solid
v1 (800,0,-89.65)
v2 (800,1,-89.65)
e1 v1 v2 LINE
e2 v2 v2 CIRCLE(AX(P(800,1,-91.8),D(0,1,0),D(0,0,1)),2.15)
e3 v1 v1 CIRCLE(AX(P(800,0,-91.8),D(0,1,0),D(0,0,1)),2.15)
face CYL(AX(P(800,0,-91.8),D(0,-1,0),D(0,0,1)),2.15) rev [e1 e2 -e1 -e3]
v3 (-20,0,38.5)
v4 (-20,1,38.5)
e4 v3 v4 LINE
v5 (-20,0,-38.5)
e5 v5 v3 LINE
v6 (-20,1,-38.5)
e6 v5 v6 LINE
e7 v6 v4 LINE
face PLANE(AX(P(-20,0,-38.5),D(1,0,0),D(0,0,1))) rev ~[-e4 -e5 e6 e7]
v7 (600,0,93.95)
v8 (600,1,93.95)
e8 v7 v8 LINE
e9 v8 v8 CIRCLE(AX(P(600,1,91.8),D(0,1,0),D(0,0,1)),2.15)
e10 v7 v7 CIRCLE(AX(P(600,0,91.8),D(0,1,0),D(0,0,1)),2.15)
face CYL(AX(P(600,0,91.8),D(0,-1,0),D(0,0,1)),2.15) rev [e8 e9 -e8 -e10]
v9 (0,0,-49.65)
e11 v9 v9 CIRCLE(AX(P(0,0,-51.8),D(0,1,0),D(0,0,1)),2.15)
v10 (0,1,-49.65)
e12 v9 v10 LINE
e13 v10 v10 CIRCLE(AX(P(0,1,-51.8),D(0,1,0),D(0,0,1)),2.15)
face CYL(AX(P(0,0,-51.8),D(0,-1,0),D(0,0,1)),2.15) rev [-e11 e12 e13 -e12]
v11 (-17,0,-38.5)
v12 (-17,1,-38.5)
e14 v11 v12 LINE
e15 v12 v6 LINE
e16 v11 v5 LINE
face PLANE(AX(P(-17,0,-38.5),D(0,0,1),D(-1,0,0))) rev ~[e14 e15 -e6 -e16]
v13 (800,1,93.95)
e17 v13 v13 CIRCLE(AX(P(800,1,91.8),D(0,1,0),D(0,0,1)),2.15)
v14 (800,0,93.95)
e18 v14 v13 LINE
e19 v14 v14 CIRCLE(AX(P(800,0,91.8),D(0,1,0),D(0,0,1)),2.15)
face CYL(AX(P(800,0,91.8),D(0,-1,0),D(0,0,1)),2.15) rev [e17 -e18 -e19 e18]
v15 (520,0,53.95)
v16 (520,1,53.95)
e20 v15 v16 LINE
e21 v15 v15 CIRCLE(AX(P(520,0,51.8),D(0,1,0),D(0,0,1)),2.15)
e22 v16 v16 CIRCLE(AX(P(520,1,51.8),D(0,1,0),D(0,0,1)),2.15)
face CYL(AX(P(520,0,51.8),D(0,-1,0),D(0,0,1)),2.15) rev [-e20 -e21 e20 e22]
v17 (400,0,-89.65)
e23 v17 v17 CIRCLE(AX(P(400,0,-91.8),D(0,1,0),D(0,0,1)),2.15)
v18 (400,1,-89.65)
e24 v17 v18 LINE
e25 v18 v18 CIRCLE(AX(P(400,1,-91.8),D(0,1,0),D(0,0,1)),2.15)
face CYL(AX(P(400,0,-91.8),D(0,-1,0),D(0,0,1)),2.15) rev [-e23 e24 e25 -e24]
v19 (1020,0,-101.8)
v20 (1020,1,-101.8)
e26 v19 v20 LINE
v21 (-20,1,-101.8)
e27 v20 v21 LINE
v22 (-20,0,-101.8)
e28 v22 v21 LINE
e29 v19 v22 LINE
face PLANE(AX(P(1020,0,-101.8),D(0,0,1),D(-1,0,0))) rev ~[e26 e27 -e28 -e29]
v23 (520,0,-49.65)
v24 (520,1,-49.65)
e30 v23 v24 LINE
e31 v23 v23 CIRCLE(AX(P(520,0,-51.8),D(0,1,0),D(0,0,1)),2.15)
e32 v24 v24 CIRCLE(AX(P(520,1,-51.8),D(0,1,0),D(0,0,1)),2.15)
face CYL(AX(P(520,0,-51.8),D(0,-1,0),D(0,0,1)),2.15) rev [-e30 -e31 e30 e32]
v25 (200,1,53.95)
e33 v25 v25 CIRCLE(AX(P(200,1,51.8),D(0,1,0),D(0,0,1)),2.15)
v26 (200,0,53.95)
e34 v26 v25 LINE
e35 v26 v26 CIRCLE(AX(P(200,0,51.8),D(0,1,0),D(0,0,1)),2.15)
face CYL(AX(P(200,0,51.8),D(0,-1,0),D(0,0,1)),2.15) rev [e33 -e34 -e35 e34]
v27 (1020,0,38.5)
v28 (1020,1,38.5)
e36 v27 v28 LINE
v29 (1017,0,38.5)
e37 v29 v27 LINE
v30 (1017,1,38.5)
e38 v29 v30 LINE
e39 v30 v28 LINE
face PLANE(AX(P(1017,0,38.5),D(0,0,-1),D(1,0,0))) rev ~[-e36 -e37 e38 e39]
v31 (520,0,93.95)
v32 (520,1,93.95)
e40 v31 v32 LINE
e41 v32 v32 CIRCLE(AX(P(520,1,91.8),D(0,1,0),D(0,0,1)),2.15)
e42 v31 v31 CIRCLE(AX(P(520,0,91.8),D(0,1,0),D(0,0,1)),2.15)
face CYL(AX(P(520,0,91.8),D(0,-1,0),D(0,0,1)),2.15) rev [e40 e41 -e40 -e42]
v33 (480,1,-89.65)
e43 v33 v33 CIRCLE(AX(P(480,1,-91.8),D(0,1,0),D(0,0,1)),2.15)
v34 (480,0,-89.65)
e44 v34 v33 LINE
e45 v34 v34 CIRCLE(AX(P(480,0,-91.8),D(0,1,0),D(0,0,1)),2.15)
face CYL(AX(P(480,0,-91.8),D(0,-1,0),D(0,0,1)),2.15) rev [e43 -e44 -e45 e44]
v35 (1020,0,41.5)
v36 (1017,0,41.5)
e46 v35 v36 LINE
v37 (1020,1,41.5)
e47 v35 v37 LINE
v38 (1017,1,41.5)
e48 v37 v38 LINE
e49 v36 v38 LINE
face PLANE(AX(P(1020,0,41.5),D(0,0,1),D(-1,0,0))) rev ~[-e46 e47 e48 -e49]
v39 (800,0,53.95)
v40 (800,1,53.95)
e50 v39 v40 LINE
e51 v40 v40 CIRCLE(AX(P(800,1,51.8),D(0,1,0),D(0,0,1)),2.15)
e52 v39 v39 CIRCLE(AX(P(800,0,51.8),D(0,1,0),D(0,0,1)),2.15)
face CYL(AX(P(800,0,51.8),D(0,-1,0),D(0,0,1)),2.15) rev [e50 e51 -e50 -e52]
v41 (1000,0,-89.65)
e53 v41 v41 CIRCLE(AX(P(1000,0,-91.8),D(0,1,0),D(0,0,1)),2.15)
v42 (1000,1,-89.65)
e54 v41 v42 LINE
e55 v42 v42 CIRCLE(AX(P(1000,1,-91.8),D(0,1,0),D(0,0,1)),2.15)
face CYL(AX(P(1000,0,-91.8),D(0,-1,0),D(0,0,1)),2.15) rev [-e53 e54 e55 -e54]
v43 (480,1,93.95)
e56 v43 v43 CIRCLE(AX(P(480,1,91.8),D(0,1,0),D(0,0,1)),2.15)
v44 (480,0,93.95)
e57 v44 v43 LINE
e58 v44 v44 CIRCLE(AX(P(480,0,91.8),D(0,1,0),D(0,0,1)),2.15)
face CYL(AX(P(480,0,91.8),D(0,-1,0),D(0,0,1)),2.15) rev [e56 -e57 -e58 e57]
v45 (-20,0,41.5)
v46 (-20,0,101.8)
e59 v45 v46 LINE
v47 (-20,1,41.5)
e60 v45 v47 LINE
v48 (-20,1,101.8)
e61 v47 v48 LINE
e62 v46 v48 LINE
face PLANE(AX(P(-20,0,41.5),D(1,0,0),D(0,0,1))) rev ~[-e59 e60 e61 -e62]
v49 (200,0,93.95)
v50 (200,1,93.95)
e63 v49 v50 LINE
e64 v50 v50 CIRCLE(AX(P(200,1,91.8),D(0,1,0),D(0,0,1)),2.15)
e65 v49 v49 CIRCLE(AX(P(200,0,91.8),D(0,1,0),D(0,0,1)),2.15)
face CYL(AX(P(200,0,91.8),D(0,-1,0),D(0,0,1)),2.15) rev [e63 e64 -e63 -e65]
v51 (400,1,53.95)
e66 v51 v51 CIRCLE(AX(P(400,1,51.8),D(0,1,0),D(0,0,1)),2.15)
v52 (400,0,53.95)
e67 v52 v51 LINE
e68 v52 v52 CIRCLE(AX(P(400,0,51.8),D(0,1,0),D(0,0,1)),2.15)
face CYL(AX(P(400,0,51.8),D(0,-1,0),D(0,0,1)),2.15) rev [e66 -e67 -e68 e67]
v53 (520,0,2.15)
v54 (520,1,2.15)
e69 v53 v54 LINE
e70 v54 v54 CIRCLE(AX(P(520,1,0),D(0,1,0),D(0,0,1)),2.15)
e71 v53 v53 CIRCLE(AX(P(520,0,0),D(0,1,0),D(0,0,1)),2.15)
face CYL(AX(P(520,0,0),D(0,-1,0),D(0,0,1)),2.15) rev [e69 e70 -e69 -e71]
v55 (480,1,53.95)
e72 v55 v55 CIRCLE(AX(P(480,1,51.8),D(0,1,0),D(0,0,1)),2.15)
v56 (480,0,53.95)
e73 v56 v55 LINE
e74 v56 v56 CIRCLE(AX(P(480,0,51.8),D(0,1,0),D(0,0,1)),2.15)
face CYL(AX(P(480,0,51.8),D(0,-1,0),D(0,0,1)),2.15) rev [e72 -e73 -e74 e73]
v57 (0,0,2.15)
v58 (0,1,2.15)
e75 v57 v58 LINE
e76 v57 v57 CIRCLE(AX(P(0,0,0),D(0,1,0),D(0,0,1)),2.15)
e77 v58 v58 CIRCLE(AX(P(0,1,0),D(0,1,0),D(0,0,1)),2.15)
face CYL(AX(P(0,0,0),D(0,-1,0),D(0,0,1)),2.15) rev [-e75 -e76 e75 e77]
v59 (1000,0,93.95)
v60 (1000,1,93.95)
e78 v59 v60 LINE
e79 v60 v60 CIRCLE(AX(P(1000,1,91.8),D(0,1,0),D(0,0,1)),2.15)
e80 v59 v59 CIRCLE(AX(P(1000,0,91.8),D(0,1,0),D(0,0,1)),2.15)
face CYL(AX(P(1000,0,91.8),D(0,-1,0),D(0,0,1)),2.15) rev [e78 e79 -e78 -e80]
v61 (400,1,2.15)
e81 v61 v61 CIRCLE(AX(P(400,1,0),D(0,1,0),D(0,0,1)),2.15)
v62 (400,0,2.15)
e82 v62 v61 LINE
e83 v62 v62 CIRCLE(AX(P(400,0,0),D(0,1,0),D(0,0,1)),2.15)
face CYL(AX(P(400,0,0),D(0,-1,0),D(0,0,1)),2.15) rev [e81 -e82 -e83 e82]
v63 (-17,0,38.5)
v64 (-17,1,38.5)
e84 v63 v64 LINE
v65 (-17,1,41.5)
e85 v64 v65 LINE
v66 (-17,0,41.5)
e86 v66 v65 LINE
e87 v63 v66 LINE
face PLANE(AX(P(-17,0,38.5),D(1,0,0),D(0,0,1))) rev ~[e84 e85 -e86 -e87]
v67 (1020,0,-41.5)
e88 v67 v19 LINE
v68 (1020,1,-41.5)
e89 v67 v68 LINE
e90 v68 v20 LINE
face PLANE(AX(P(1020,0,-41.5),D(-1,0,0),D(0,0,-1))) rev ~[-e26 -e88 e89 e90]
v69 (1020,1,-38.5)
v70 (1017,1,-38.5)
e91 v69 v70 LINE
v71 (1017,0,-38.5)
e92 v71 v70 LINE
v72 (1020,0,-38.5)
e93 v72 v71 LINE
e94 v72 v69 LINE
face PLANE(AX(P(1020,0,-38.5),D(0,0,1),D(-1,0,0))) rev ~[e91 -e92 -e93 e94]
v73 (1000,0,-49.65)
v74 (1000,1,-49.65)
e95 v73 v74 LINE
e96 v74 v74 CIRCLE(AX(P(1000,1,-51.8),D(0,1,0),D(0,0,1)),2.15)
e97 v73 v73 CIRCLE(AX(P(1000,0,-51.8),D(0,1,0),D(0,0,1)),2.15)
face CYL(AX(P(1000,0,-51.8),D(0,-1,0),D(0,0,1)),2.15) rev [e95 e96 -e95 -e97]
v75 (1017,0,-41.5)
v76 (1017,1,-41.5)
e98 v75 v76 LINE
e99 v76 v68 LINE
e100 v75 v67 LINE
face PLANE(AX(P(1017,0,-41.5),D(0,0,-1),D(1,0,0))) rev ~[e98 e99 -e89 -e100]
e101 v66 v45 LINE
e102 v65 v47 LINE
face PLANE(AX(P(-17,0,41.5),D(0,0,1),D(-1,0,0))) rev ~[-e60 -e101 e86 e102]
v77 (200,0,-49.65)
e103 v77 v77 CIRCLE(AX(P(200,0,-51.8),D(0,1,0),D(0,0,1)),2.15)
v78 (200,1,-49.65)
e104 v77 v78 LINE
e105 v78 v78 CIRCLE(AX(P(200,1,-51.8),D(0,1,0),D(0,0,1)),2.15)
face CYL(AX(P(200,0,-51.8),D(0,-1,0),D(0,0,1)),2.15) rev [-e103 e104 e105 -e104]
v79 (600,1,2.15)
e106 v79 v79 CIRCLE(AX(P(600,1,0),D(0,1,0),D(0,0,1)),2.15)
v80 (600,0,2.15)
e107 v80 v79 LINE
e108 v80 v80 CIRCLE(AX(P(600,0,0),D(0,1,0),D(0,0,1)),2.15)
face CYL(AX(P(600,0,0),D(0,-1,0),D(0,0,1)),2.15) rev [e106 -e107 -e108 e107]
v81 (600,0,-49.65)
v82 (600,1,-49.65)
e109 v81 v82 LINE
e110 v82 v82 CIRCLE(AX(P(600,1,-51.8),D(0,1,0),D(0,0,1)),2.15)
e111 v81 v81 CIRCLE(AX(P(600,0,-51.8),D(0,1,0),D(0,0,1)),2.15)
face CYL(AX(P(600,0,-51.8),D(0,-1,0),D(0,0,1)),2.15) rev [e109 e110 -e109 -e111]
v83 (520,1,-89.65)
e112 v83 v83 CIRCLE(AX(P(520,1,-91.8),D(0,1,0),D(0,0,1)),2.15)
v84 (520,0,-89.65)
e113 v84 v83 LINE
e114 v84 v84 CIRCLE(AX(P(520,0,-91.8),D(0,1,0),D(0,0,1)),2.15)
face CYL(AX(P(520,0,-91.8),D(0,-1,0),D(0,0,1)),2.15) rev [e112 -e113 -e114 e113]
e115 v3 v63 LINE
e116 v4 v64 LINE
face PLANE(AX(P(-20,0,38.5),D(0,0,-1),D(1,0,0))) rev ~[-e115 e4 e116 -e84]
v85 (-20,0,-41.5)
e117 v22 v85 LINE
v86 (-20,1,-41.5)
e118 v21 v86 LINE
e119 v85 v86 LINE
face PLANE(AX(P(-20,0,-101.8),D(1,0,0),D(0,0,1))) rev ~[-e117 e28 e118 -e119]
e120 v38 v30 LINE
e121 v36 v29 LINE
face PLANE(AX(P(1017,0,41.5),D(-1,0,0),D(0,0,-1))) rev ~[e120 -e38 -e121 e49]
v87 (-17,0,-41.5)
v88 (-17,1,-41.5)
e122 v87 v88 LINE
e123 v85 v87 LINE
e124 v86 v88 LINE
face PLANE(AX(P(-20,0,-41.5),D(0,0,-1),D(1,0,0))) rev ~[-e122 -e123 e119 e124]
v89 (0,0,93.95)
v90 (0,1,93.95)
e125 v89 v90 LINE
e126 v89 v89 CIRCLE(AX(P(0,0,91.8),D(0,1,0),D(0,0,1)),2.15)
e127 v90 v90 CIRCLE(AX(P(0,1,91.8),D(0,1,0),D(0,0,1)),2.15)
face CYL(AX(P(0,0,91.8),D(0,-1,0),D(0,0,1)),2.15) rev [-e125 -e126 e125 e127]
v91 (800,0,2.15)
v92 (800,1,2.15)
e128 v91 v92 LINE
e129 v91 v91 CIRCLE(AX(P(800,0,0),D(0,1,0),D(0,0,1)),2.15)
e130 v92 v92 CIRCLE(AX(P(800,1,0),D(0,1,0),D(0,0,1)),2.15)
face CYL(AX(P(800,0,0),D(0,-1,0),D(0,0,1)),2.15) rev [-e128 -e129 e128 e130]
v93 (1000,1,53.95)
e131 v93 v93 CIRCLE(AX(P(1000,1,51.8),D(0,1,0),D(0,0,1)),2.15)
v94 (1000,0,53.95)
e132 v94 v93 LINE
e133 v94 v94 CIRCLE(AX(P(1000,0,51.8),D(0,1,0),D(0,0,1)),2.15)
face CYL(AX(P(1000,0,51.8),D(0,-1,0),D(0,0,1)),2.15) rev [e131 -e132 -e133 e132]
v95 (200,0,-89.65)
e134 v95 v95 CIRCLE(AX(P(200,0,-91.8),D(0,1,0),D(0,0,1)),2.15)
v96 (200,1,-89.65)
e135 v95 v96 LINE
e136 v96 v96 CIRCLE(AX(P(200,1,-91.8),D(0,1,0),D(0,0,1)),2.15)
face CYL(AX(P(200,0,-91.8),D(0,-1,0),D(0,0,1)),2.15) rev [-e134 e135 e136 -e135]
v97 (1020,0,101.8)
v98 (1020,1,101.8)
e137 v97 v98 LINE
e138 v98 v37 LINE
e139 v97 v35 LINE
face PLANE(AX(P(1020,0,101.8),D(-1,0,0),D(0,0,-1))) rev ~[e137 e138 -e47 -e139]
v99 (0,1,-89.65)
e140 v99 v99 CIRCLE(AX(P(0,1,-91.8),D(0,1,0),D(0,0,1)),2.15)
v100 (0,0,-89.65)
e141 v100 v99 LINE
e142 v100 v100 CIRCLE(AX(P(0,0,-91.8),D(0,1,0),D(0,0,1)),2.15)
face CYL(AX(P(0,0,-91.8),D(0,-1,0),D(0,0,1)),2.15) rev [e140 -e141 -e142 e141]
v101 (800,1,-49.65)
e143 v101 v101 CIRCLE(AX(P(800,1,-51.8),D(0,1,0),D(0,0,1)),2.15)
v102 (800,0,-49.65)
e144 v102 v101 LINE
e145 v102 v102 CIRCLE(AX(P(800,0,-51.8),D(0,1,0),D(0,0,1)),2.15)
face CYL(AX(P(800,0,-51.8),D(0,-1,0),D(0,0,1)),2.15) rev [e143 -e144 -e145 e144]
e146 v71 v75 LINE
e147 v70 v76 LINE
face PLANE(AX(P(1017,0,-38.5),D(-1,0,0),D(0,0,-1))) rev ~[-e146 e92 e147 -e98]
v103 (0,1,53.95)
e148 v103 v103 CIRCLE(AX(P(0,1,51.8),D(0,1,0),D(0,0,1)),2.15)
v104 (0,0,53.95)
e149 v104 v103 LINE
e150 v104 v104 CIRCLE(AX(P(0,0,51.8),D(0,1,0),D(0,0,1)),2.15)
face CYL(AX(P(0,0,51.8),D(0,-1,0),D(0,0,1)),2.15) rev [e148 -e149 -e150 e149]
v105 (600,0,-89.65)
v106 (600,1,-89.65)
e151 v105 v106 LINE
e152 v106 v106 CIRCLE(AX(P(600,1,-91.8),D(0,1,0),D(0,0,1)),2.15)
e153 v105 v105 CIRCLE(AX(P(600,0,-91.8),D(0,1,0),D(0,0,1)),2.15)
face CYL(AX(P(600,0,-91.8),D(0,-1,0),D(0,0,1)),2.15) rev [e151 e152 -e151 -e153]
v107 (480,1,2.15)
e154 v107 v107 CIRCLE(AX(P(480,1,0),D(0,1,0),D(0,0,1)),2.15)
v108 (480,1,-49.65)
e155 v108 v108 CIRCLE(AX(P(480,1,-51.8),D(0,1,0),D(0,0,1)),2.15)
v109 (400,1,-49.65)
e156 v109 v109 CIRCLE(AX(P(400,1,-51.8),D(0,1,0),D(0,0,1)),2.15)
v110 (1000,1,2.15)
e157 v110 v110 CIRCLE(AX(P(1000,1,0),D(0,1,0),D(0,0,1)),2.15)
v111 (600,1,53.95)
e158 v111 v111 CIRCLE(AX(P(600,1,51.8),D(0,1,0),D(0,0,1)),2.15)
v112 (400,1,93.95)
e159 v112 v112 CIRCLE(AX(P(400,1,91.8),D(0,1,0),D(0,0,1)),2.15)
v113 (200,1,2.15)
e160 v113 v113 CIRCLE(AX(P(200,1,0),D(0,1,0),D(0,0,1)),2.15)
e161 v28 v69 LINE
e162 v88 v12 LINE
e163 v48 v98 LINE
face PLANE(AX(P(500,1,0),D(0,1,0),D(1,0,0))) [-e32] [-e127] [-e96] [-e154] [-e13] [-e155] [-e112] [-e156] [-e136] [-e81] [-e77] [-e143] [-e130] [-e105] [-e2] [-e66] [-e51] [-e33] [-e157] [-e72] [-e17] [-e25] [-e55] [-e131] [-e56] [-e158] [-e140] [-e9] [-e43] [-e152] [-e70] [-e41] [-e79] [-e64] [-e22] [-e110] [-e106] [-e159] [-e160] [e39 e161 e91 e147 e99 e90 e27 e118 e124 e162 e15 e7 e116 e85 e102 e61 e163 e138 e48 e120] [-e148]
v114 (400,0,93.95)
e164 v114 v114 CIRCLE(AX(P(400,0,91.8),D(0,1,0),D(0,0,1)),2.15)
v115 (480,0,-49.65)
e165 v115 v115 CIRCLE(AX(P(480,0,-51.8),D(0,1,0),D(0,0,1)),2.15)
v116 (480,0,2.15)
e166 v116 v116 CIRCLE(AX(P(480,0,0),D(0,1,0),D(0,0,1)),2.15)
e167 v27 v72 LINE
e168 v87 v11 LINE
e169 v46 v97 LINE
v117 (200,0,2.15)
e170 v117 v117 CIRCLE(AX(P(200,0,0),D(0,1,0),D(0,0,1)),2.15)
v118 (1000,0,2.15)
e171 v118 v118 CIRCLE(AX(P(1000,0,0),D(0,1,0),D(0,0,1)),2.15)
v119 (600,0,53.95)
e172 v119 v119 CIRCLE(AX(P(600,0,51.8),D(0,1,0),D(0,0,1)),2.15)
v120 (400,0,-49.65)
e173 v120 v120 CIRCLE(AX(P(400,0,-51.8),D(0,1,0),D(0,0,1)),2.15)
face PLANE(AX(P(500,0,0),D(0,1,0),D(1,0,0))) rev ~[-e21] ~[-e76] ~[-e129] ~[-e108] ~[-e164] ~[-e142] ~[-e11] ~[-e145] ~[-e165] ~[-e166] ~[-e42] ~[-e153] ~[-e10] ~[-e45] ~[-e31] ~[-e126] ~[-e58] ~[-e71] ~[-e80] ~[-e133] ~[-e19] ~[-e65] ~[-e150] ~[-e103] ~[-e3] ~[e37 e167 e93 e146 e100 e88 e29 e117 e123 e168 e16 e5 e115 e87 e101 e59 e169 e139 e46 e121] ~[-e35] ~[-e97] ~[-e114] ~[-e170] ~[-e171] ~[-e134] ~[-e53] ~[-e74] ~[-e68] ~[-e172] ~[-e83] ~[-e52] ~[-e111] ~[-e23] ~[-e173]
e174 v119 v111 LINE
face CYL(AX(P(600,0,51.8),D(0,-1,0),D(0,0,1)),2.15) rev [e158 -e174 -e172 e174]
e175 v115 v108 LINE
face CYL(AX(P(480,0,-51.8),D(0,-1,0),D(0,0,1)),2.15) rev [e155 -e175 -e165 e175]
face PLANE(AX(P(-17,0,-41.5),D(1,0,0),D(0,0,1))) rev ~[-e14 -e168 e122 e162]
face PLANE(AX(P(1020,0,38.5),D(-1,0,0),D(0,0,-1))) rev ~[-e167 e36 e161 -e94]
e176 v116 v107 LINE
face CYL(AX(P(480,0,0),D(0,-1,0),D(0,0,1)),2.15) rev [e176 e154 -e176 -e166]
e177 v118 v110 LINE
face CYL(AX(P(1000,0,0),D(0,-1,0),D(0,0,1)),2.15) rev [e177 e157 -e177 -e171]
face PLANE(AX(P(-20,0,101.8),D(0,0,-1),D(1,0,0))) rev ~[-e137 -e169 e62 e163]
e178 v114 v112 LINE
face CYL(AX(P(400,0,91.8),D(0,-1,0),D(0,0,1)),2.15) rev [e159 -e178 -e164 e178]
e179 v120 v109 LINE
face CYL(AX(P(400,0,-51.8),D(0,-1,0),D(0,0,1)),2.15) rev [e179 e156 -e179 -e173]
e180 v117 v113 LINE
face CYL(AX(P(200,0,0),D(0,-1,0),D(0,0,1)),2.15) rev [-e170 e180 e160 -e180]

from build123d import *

# Parameters (mm, degrees)
SKETCH1_R           = 2.15
BOSS_EXTRUDE1_DEPTH = 1


with BuildPart() as part:
    # Sketch1 → Boss-Extrude1 (new body)
    with BuildSketch(Plane(origin=(0, 0, 0), x_dir=(1, 0, 0), z_dir=(0, 1, 0))):
        Polygon((-20, -41.5), (-20, -101.8), (1020, -101.8), (1020, -41.5), (1017, -41.5), (1017, -38.5), (1020, -38.5), (1020, 38.5), (1017, 38.5), (1017, 41.5), (1020, 41.5), (1020, 101.8), (-20, 101.8), (-20, 41.5), (-17, 41.5), (-17, 38.5), (-20, 38.5), (-20, -38.5), (-17, -38.5), (-17, -41.5), align=None)
        with Locations(Location((0, -51.8, 0), (0, 0, 270))):
            Circle(SKETCH1_R, mode=Mode.SUBTRACT)
        with Locations(Location((0, 51.8, 0), (0, 0, 270))):
            Circle(SKETCH1_R, mode=Mode.SUBTRACT)
        with Locations(Location((0, -91.8, 0), (0, 0, 270))):
            Circle(SKETCH1_R, mode=Mode.SUBTRACT)
        with Locations(Location((0, 91.8, 0), (0, 0, 270))):
            Circle(SKETCH1_R, mode=Mode.SUBTRACT)
        with Locations(Location((200, -91.8, 0), (0, 0, 270))):
            Circle(SKETCH1_R, mode=Mode.SUBTRACT)
        with Locations(Location((200, -51.8, 0), (0, 0, 270))):
            Circle(SKETCH1_R, mode=Mode.SUBTRACT)
        with Locations(Location((200, 51.8, 0), (0, 0, 270))):
            Circle(SKETCH1_R, mode=Mode.SUBTRACT)
        with Locations(Location((200, 91.8, 0), (0, 0, 270))):
            Circle(SKETCH1_R, mode=Mode.SUBTRACT)
        with Locations(Location((0, 0, 0), (0, 0, 270))):
            Circle(SKETCH1_R, mode=Mode.SUBTRACT)
        with Locations(Location((480, 0, 0), (0, 0, 270))):
            Circle(SKETCH1_R, mode=Mode.SUBTRACT)
        with Locations(Location((200, 0, 0), (0, 0, 270))):
            Circle(SKETCH1_R, mode=Mode.SUBTRACT)
        with Locations(Location((480, 91.8, 0), (0, 0, 270))):
            Circle(SKETCH1_R, mode=Mode.SUBTRACT)
        with Locations(Location((480, 51.8, 0), (0, 0, 270))):
            Circle(SKETCH1_R, mode=Mode.SUBTRACT)
        with Locations(Location((480, -51.8, 0), (0, 0, 270))):
            Circle(SKETCH1_R, mode=Mode.SUBTRACT)
        with Locations(Location((480, -91.8, 0), (0, 0, 270))):
            Circle(SKETCH1_R, mode=Mode.SUBTRACT)
        with Locations(Location((400, -91.8, 0), (0, 0, 270))):
            Circle(SKETCH1_R, mode=Mode.SUBTRACT)
        with Locations(Location((400, -51.8, 0), (0, 0, 270))):
            Circle(SKETCH1_R, mode=Mode.SUBTRACT)
        with Locations(Location((400, 51.8, 0), (0, 0, 270))):
            Circle(SKETCH1_R, mode=Mode.SUBTRACT)
        with Locations(Location((400, 91.8, 0), (0, 0, 270))):
            Circle(SKETCH1_R, mode=Mode.SUBTRACT)
        with Locations(Location((600, -91.8, 0), (0, 0, 270))):
            Circle(SKETCH1_R, mode=Mode.SUBTRACT)
        with Locations(Location((600, -51.8, 0), (0, 0, 270))):
            Circle(SKETCH1_R, mode=Mode.SUBTRACT)
        with Locations(Location((600, 51.8, 0), (0, 0, 270))):
            Circle(SKETCH1_R, mode=Mode.SUBTRACT)
        with Locations(Location((600, 91.8, 0), (0, 0, 270))):
            Circle(SKETCH1_R, mode=Mode.SUBTRACT)
        with Locations(Location((800, -91.8, 0), (0, 0, 270))):
            Circle(SKETCH1_R, mode=Mode.SUBTRACT)
        with Locations(Location((800, -51.8, 0), (0, 0, 270))):
            Circle(SKETCH1_R, mode=Mode.SUBTRACT)
        with Locations(Location((800, 51.8, 0), (0, 0, 270))):
            Circle(SKETCH1_R, mode=Mode.SUBTRACT)
        with Locations(Location((800, 91.8, 0), (0, 0, 270))):
            Circle(SKETCH1_R, mode=Mode.SUBTRACT)
        with Locations(Location((1000, -91.8, 0), (0, 0, 270))):
            Circle(SKETCH1_R, mode=Mode.SUBTRACT)
        with Locations(Location((1000, -51.8, 0), (0, 0, 270))):
            Circle(SKETCH1_R, mode=Mode.SUBTRACT)
        with Locations(Location((1000, 51.8, 0), (0, 0, 270))):
            Circle(SKETCH1_R, mode=Mode.SUBTRACT)
        with Locations(Location((1000, 91.8, 0), (0, 0, 270))):
            Circle(SKETCH1_R, mode=Mode.SUBTRACT)
        with Locations(Location((520, -91.8, 0), (0, 0, 270))):
            Circle(SKETCH1_R, mode=Mode.SUBTRACT)
        with Locations(Location((520, -51.8, 0), (0, 0, 270))):
            Circle(SKETCH1_R, mode=Mode.SUBTRACT)
        with Locations(Location((520, 0, 0), (0, 0, 270))):
            Circle(SKETCH1_R, mode=Mode.SUBTRACT)
        with Locations(Location((520, 51.8, 0), (0, 0, 270))):
            Circle(SKETCH1_R, mode=Mode.SUBTRACT)
        with Locations(Location((520, 91.8, 0), (0, 0, 270))):
            Circle(SKETCH1_R, mode=Mode.SUBTRACT)
        with Locations(Location((600, 0, 0), (0, 0, 270))):
            Circle(SKETCH1_R, mode=Mode.SUBTRACT)
        with Locations(Location((800, 0, 0), (0, 0, 270))):
            Circle(SKETCH1_R, mode=Mode.SUBTRACT)
        with Locations(Location((1000, 0, 0), (0, 0, 270))):
            Circle(SKETCH1_R, mode=Mode.SUBTRACT)
        with Locations(Location((400, 0, 0), (0, 0, 270))):
            Circle(SKETCH1_R, mode=Mode.SUBTRACT)
    extrude(amount=BOSS_EXTRUDE1_DEPTH)


solid = part.part
